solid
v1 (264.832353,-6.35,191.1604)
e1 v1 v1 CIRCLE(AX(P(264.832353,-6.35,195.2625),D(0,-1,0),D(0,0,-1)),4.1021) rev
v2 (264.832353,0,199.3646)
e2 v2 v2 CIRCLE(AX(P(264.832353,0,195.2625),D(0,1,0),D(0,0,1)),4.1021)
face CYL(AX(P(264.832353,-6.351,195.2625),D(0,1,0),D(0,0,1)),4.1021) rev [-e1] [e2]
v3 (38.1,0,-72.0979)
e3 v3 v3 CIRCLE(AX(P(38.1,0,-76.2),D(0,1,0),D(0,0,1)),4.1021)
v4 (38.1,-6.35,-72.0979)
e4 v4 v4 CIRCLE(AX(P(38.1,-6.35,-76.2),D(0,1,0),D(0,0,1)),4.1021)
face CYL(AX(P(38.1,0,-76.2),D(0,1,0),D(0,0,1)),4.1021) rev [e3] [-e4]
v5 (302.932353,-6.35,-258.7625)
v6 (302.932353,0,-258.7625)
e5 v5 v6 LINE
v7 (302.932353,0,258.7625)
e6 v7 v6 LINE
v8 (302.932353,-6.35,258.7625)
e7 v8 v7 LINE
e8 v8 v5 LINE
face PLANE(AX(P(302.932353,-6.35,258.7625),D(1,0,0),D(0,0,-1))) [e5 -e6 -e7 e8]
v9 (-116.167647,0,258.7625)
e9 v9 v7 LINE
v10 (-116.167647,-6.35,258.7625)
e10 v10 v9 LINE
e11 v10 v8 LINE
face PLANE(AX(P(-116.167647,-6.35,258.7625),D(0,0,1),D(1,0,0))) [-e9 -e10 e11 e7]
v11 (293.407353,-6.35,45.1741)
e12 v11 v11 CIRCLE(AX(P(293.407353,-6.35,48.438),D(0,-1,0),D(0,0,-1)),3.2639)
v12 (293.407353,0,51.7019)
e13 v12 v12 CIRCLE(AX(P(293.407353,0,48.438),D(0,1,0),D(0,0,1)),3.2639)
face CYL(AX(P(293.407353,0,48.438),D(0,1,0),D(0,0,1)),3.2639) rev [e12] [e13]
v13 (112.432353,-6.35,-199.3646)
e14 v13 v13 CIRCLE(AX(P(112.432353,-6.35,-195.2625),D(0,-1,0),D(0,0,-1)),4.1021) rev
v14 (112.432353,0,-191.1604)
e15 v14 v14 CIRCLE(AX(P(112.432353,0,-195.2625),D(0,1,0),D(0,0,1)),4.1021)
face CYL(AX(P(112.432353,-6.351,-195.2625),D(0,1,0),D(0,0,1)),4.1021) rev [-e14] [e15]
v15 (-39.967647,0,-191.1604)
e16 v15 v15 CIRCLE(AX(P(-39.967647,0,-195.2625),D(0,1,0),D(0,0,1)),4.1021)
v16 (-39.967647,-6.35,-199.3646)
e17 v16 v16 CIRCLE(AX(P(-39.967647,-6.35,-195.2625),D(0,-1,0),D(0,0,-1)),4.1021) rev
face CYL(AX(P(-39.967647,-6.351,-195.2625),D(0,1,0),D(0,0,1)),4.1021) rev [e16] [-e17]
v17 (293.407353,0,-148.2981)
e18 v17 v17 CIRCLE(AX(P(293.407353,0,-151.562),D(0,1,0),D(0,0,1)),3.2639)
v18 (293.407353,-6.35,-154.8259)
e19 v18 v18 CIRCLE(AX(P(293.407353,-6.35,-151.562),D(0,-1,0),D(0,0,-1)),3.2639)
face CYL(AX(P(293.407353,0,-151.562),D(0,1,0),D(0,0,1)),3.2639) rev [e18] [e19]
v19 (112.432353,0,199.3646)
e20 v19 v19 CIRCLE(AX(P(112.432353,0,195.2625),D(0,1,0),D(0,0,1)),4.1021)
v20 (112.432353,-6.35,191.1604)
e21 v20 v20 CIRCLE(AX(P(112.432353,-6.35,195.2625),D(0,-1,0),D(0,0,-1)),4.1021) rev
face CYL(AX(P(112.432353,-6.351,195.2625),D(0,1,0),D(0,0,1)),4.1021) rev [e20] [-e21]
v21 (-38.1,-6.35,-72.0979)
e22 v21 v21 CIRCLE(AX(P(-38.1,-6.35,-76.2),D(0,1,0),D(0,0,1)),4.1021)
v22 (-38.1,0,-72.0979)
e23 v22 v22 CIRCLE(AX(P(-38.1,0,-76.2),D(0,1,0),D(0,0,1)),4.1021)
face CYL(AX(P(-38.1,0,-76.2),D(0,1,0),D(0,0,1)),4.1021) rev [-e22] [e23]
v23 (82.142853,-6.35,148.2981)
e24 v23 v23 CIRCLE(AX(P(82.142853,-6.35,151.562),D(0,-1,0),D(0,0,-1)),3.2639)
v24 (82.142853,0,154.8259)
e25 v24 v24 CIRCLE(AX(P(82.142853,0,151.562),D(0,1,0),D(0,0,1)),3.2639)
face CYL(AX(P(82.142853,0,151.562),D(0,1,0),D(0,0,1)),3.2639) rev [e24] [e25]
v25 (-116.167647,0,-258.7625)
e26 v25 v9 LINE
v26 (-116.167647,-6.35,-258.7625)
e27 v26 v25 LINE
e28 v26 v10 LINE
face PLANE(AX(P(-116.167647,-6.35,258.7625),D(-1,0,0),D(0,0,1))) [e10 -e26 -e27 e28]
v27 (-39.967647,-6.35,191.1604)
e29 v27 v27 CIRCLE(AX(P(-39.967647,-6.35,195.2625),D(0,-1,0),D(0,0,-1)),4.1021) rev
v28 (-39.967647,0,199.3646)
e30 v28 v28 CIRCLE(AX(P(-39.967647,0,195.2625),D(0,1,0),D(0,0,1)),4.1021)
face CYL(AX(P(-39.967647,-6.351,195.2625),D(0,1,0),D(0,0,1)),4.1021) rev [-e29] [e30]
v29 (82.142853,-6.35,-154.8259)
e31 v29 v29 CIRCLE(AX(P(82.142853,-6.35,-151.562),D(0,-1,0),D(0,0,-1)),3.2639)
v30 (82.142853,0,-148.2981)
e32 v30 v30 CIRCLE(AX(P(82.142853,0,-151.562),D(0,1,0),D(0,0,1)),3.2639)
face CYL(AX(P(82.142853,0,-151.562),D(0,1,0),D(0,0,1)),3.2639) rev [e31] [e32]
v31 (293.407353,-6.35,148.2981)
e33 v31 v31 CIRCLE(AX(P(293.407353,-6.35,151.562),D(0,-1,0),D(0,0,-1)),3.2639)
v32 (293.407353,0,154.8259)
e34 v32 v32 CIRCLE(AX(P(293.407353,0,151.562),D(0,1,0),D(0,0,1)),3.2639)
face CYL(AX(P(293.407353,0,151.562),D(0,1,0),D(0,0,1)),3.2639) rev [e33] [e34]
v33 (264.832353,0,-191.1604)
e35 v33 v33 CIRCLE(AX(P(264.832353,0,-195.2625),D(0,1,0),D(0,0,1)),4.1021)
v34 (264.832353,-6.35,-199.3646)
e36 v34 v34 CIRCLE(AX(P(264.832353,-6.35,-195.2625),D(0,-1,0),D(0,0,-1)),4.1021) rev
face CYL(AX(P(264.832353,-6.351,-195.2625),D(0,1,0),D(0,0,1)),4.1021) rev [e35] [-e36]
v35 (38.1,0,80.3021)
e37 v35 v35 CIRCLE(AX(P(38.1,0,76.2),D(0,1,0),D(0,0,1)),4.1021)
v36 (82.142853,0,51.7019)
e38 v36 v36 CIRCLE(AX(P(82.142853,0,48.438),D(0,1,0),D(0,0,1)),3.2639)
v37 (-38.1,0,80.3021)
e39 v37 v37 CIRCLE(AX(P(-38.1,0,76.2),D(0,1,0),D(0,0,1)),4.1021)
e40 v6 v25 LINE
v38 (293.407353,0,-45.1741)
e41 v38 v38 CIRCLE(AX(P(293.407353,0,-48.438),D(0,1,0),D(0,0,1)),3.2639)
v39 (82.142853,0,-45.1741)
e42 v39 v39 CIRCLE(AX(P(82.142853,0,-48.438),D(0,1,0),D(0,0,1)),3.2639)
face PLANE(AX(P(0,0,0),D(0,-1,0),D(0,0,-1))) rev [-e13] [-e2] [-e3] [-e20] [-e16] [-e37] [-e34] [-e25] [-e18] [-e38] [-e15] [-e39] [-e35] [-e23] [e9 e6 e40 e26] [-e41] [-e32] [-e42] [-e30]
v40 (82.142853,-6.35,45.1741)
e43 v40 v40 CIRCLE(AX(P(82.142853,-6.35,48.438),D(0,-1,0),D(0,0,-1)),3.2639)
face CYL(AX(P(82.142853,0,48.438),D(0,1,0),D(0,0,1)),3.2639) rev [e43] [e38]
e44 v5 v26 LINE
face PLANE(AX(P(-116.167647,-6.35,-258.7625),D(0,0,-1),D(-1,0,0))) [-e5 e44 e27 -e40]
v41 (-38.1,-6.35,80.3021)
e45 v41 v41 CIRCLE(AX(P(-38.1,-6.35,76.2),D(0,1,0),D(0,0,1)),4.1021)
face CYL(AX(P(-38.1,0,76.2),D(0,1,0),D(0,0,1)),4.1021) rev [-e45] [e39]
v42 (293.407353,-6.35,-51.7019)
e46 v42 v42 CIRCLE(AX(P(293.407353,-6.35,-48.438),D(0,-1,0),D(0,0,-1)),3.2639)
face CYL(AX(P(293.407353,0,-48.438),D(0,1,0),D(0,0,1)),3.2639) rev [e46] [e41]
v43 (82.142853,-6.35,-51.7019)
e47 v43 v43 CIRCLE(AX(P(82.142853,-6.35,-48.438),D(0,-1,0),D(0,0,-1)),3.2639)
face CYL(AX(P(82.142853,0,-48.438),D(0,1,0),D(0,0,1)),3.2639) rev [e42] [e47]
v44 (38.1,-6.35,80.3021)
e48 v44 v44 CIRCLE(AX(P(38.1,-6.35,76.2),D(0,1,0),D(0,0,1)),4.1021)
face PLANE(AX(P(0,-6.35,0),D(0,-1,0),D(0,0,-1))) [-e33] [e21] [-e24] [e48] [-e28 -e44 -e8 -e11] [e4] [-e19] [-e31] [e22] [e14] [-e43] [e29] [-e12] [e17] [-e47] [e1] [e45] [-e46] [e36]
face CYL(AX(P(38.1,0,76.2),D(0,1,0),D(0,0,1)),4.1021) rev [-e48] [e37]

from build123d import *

# Parameters (mm, degrees)
SKETCH1_W                    = 419.1
SKETCH1_H                    = 517.525
BOSS_EXTRUDE1_DEPTH          = 6.35
F_0_257_DIAMETER_HOLE1_D     = 6.5278
F_0_257_DIAMETER_HOLE1_DEPTH = 6.35
P_0_323_DIAMETER_HOLE1_D     = 8.2042
CUT_EXTRUDE2_REACH           = 8.35
SKETCH9_R                    = 4.1021


with BuildPart() as part:
    # Sketch1 → Boss-Extrude1 (new body)
    with BuildSketch(Plane(origin=(0, 0, 0), x_dir=(1, 0, 0), z_dir=(0, 1, 0))):
        with Locations((93.382352941, 0)):
            Rectangle(SKETCH1_W, SKETCH1_H)
    extrude(amount=-BOSS_EXTRUDE1_DEPTH)

    # F (0.257) Diameter Hole1
    with Locations(Plane(origin=(0, 0, 0), x_dir=(1, 0, 0), z_dir=(0, 1, 0))):
        with Locations((82.142852941, -151.562), (293.407352941, -151.562), (82.142852941, -48.438), (293.407352941, -48.438), (293.407352941, 48.438), (82.142852941, 48.438), (82.142852941, 151.562), (293.407352941, 151.562)):
            Hole(F_0_257_DIAMETER_HOLE1_D / 2, depth=F_0_257_DIAMETER_HOLE1_DEPTH)

    # P (0.323) Diameter Hole1 (through all)
    with Locations(Plane(origin=(0, 0, 0), x_dir=(1, 0, 0), z_dir=(0, 1, 0))):
        with Locations((-38.1, -76.2), (38.1, -76.2), (38.1, 76.2), (-38.1, 76.2)):
            Hole(P_0_323_DIAMETER_HOLE1_D / 2)

    # Sketch9 → Cut-Extrude2 (cut, up to next)
    with BuildSketch(Plane(origin=(0, 0, 0), x_dir=(1, 0, 0), z_dir=(0, 1, 0)), mode=Mode.PRIVATE) as cut_extrude2_sk1:
        with Locations((264.832352941, -195.2625)):
            Circle(SKETCH9_R)
    cut_extrude2_tool1 = extrude(cut_extrude2_sk1.sketch, amount=-CUT_EXTRUDE2_REACH, mode=Mode.PRIVATE) & part.part
    add(cut_extrude2_tool1.solids().sort_by_distance((264.832353, 0, 195.2625))[0], mode=Mode.SUBTRACT)
    # Sketch9 → Cut-Extrude2 (cut, up to next)
    with BuildSketch(Plane(origin=(0, 0, 0), x_dir=(1, 0, 0), z_dir=(0, 1, 0)), mode=Mode.PRIVATE) as cut_extrude2_sk2:
        with Locations((112.432352941, -195.2625)):
            Circle(SKETCH9_R)
    cut_extrude2_tool2 = extrude(cut_extrude2_sk2.sketch, amount=-CUT_EXTRUDE2_REACH, mode=Mode.PRIVATE) & part.part
    add(cut_extrude2_tool2.solids().sort_by_distance((112.432353, 0, 195.2625))[0], mode=Mode.SUBTRACT)
    # Sketch9 → Cut-Extrude2 (cut, up to next)
    with BuildSketch(Plane(origin=(0, 0, 0), x_dir=(1, 0, 0), z_dir=(0, 1, 0)), mode=Mode.PRIVATE) as cut_extrude2_sk3:
        with Locations((-39.967647059, -195.2625)):
            Circle(SKETCH9_R)
    cut_extrude2_tool3 = extrude(cut_extrude2_sk3.sketch, amount=-CUT_EXTRUDE2_REACH, mode=Mode.PRIVATE) & part.part
    add(cut_extrude2_tool3.solids().sort_by_distance((-39.967647, 0, 195.2625))[0], mode=Mode.SUBTRACT)
    # Sketch9 → Cut-Extrude2 (cut, up to next)
    with BuildSketch(Plane(origin=(0, 0, 0), x_dir=(1, 0, 0), z_dir=(0, 1, 0)), mode=Mode.PRIVATE) as cut_extrude2_sk4:
        with Locations((112.432352941, 195.2625)):
            Circle(SKETCH9_R)
    cut_extrude2_tool4 = extrude(cut_extrude2_sk4.sketch, amount=-CUT_EXTRUDE2_REACH, mode=Mode.PRIVATE) & part.part
    add(cut_extrude2_tool4.solids().sort_by_distance((112.432353, 0, -195.2625))[0], mode=Mode.SUBTRACT)
    # Sketch9 → Cut-Extrude2 (cut, up to next)
    with BuildSketch(Plane(origin=(0, 0, 0), x_dir=(1, 0, 0), z_dir=(0, 1, 0)), mode=Mode.PRIVATE) as cut_extrude2_sk5:
        with Locations((-39.967647059, 195.2625)):
            Circle(SKETCH9_R)
    cut_extrude2_tool5 = extrude(cut_extrude2_sk5.sketch, amount=-CUT_EXTRUDE2_REACH, mode=Mode.PRIVATE) & part.part
    add(cut_extrude2_tool5.solids().sort_by_distance((-39.967647, 0, -195.2625))[0], mode=Mode.SUBTRACT)
    # Sketch9 → Cut-Extrude2 (cut, up to next)
    with BuildSketch(Plane(origin=(0, 0, 0), x_dir=(1, 0, 0), z_dir=(0, 1, 0)), mode=Mode.PRIVATE) as cut_extrude2_sk6:
        with Locations((264.832352941, 195.2625)):
            Circle(SKETCH9_R)
    cut_extrude2_tool6 = extrude(cut_extrude2_sk6.sketch, amount=-CUT_EXTRUDE2_REACH, mode=Mode.PRIVATE) & part.part
    add(cut_extrude2_tool6.solids().sort_by_distance((264.832353, 0, -195.2625))[0], mode=Mode.SUBTRACT)


solid = part.part
